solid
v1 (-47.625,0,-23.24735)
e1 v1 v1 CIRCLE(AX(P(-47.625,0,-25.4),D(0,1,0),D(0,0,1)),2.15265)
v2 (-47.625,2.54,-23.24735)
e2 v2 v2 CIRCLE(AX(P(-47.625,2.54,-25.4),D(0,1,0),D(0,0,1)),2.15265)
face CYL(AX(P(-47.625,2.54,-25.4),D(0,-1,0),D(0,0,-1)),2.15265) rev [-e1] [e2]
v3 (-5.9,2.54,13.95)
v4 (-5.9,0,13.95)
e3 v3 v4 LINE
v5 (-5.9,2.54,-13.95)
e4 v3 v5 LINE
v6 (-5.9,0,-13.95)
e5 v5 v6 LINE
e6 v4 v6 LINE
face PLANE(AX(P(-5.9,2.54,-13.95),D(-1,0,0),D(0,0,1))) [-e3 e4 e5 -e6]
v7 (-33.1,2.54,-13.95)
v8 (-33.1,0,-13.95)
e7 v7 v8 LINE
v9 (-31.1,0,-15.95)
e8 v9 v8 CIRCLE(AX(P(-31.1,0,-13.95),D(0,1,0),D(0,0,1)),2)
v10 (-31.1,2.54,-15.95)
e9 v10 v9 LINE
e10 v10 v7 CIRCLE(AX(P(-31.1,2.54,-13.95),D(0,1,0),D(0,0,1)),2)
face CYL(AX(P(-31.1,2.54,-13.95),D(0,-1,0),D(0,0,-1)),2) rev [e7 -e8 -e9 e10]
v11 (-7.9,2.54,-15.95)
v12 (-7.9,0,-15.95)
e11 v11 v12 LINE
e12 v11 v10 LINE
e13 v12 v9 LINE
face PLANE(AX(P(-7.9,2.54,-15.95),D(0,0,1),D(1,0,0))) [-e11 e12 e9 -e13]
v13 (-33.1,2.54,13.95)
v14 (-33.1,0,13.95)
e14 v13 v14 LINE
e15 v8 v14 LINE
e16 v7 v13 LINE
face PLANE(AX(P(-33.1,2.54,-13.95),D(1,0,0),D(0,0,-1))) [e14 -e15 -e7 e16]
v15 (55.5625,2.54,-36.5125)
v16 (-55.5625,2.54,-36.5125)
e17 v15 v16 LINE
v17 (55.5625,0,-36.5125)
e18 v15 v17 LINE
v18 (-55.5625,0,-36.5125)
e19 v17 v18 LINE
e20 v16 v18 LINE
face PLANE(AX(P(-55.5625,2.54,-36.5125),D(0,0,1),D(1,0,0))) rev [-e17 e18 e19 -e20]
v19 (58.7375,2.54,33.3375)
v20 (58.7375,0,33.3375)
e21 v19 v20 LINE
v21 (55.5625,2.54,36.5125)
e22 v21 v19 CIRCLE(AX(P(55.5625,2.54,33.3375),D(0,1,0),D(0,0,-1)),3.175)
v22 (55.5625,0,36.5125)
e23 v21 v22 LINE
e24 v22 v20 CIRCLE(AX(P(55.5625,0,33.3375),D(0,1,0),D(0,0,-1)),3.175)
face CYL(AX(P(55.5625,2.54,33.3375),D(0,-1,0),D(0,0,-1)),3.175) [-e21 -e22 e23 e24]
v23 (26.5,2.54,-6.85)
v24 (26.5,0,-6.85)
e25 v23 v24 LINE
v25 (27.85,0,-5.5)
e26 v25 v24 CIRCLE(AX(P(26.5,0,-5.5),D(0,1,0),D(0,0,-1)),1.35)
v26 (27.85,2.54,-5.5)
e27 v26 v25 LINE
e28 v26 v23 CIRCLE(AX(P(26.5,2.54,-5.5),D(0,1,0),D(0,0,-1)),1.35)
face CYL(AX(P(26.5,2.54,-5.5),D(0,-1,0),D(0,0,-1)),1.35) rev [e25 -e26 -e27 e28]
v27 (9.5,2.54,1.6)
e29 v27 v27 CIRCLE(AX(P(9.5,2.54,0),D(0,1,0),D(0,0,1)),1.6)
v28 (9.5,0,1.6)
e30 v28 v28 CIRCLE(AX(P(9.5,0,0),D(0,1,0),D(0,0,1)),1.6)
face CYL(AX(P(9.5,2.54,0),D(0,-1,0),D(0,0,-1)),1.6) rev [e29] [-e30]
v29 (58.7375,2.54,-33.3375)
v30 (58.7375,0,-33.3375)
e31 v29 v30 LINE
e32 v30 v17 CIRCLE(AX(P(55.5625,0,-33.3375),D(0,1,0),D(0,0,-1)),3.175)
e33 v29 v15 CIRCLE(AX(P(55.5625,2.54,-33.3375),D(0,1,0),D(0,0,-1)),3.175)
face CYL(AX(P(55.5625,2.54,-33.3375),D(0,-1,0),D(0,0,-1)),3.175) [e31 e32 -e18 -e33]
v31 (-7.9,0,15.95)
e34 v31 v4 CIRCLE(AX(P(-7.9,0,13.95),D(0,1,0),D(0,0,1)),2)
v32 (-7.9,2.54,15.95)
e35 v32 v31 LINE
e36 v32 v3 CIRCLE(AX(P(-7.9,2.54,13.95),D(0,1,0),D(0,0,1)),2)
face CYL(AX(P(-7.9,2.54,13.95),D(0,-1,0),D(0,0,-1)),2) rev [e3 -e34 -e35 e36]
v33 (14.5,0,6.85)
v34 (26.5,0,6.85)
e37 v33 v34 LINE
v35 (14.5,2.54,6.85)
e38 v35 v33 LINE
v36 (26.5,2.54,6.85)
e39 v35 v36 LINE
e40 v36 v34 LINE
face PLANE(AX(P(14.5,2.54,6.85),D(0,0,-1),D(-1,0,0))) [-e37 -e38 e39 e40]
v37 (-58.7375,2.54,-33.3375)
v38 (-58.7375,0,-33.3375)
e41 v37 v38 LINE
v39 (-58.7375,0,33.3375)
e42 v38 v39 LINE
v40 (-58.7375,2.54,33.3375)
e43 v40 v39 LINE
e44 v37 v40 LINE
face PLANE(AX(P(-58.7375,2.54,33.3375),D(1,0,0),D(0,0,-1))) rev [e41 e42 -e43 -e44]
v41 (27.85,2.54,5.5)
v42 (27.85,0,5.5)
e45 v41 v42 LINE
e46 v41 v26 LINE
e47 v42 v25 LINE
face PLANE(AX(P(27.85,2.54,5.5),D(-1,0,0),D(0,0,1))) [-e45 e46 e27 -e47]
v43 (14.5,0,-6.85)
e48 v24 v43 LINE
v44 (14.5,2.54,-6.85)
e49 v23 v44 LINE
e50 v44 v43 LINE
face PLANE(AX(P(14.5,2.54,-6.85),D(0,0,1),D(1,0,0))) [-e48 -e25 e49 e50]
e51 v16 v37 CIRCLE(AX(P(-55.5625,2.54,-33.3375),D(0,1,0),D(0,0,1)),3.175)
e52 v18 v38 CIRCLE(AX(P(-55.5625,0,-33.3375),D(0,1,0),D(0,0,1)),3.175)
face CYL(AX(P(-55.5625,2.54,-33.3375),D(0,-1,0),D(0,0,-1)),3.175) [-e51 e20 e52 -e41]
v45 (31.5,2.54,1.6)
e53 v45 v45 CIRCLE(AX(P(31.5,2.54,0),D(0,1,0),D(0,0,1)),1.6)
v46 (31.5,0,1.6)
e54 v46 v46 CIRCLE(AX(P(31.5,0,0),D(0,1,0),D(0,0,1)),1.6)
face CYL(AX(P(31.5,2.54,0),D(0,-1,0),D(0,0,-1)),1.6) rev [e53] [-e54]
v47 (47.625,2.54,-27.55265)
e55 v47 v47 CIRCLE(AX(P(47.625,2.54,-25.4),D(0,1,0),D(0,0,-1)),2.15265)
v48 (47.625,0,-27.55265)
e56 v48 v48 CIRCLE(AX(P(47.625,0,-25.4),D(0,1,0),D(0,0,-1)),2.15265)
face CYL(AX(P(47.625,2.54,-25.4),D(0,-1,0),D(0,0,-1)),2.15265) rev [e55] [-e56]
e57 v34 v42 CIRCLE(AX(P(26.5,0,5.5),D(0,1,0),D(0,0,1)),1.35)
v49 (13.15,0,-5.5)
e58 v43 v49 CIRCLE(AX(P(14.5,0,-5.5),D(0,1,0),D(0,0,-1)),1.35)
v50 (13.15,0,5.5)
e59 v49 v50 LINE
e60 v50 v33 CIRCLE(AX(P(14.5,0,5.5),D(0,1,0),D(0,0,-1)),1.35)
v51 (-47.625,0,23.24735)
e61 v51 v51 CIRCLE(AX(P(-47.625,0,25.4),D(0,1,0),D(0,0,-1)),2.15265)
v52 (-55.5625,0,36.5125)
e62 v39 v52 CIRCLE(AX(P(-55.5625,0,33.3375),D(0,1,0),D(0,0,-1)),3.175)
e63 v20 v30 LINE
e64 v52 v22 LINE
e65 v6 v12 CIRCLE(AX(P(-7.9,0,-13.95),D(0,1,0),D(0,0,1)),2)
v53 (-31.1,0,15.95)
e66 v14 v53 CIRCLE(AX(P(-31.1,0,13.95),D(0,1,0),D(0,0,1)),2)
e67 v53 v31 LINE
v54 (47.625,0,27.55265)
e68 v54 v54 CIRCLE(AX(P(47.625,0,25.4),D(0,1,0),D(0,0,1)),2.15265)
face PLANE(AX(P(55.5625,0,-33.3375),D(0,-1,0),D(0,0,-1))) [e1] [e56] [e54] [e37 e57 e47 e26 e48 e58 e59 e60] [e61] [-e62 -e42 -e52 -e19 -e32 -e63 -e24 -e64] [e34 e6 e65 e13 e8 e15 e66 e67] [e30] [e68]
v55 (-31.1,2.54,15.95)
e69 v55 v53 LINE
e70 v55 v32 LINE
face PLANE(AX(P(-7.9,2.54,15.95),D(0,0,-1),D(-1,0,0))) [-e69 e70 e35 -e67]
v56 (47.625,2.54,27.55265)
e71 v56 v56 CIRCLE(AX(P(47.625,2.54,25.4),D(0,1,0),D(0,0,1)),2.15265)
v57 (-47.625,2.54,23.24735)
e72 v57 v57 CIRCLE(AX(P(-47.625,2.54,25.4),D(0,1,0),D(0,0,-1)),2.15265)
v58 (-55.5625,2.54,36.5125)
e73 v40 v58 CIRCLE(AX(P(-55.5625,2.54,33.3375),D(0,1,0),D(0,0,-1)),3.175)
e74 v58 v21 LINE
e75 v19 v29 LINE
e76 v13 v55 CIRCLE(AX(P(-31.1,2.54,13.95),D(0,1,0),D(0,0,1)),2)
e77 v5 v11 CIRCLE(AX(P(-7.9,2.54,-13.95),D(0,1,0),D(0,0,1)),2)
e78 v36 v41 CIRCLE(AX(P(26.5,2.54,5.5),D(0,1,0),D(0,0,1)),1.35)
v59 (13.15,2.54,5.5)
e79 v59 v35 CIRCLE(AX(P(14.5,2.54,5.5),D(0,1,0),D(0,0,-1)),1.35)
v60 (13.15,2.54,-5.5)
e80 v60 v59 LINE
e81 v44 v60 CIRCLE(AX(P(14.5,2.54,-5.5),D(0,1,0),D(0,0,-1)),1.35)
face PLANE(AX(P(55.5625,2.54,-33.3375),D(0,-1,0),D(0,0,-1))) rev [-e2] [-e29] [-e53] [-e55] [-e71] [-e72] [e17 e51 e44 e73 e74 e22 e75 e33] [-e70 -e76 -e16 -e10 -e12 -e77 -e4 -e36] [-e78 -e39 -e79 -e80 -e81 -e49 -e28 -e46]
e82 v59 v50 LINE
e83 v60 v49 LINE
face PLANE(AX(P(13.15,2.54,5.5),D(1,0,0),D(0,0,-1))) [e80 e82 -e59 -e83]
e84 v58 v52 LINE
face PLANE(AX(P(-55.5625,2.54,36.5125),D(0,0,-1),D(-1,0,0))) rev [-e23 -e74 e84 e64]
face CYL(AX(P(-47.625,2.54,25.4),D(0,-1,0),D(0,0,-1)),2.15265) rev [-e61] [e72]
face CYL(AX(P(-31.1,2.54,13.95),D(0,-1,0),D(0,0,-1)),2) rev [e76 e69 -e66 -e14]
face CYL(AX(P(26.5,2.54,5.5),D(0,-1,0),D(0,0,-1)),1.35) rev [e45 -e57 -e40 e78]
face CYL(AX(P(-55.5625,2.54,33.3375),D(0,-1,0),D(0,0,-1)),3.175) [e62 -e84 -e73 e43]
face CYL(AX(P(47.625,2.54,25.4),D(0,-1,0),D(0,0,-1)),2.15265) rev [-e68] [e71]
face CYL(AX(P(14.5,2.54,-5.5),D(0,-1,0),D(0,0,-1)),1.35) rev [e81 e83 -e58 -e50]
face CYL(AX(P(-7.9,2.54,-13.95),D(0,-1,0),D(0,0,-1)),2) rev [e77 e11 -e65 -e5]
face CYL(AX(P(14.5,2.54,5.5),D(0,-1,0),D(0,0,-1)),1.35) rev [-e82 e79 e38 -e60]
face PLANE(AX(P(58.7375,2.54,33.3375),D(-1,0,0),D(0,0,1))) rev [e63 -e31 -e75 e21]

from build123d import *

# Parameters (mm, degrees)
SKETCH2_R           = 1.6
SKETCH2_R_2         = 2.15265
BOSS_EXTRUDE1_DEPTH = 2.54


with BuildPart() as part:
    # Sketch2 → Boss-Extrude1 (new body)
    with BuildSketch(Plane(origin=(0, 0, 0), x_dir=(1, 0, 0), z_dir=(0, 1, 0))):
        with BuildLine():
            Line((-55.5625, -36.5125), (55.5625, -36.5125))
            ThreePointArc((55.5625, -36.5125), (57.80756403, -35.58256403), (58.7375, -33.3375))
            Line((58.7375, -33.3375), (58.7375, 33.3375))
            ThreePointArc((58.7375, 33.3375), (57.80756403, 35.58256403), (55.5625, 36.5125))
            Line((55.5625, 36.5125), (-55.5625, 36.5125))
            ThreePointArc((-55.5625, 36.5125), (-57.80756403, 35.58256403), (-58.7375, 33.3375))
            Line((-58.7375, 33.3375), (-58.7375, -33.3375))
            ThreePointArc((-58.7375, -33.3375), (-57.80756403, -35.58256403), (-55.5625, -36.5125))
        make_face()
        with Locations(Location((9.5, 0, 0), (0, 0, 270))):
            Circle(SKETCH2_R, mode=Mode.SUBTRACT)
        with Locations(Location((31.5, 0, 0), (0, 0, 270))):
            Circle(SKETCH2_R, mode=Mode.SUBTRACT)
        with Locations(Location((47.625, 25.4, 0), (0, 0, 90))):
            Circle(SKETCH2_R_2, mode=Mode.SUBTRACT)
        with Locations(Location((47.625, -25.4, 0), (0, 0, 270))):
            Circle(SKETCH2_R_2, mode=Mode.SUBTRACT)
        with Locations(Location((-47.625, 25.4, 0), (0, 0, 270))):
            Circle(SKETCH2_R_2, mode=Mode.SUBTRACT)
        with Locations(Location((-47.625, -25.4, 0), (0, 0, 90))):
            Circle(SKETCH2_R_2, mode=Mode.SUBTRACT)
        with BuildLine():
            Line((14.5, -6.85), (26.5, -6.85))
            ThreePointArc((26.5, -6.85), (27.454594155, -6.454594155), (27.85, -5.5))
            Line((27.85, -5.5), (27.85, 5.5))
            ThreePointArc((27.85, 5.5), (27.454594155, 6.454594155), (26.5, 6.85))
            Line((26.5, 6.85), (14.5, 6.85))
            ThreePointArc((14.5, 6.85), (13.545405845, 6.454594155), (13.15, 5.5))
            Line((13.15, 5.5), (13.15, -5.5))
            ThreePointArc((13.15, -5.5), (13.545405845, -6.454594155), (14.5, -6.85))
        make_face(mode=Mode.SUBTRACT)
        with BuildLine():
            Line((-7.9, 15.95), (-31.1, 15.95))
            ThreePointArc((-31.1, 15.95), (-32.514213562, 15.364213562), (-33.1, 13.95))
            Line((-33.1, 13.95), (-33.1, -13.95))
            ThreePointArc((-33.1, -13.95), (-32.514213562, -15.364213562), (-31.1, -15.95))
            Line((-31.1, -15.95), (-7.9, -15.95))
            ThreePointArc((-7.9, -15.95), (-6.485786438, -15.364213562), (-5.9, -13.95))
            Line((-5.9, -13.95), (-5.9, 13.95))
            ThreePointArc((-5.9, 13.95), (-6.485786438, 15.364213562), (-7.9, 15.95))
        make_face(mode=Mode.SUBTRACT)
    extrude(amount=BOSS_EXTRUDE1_DEPTH)


solid = part.part
